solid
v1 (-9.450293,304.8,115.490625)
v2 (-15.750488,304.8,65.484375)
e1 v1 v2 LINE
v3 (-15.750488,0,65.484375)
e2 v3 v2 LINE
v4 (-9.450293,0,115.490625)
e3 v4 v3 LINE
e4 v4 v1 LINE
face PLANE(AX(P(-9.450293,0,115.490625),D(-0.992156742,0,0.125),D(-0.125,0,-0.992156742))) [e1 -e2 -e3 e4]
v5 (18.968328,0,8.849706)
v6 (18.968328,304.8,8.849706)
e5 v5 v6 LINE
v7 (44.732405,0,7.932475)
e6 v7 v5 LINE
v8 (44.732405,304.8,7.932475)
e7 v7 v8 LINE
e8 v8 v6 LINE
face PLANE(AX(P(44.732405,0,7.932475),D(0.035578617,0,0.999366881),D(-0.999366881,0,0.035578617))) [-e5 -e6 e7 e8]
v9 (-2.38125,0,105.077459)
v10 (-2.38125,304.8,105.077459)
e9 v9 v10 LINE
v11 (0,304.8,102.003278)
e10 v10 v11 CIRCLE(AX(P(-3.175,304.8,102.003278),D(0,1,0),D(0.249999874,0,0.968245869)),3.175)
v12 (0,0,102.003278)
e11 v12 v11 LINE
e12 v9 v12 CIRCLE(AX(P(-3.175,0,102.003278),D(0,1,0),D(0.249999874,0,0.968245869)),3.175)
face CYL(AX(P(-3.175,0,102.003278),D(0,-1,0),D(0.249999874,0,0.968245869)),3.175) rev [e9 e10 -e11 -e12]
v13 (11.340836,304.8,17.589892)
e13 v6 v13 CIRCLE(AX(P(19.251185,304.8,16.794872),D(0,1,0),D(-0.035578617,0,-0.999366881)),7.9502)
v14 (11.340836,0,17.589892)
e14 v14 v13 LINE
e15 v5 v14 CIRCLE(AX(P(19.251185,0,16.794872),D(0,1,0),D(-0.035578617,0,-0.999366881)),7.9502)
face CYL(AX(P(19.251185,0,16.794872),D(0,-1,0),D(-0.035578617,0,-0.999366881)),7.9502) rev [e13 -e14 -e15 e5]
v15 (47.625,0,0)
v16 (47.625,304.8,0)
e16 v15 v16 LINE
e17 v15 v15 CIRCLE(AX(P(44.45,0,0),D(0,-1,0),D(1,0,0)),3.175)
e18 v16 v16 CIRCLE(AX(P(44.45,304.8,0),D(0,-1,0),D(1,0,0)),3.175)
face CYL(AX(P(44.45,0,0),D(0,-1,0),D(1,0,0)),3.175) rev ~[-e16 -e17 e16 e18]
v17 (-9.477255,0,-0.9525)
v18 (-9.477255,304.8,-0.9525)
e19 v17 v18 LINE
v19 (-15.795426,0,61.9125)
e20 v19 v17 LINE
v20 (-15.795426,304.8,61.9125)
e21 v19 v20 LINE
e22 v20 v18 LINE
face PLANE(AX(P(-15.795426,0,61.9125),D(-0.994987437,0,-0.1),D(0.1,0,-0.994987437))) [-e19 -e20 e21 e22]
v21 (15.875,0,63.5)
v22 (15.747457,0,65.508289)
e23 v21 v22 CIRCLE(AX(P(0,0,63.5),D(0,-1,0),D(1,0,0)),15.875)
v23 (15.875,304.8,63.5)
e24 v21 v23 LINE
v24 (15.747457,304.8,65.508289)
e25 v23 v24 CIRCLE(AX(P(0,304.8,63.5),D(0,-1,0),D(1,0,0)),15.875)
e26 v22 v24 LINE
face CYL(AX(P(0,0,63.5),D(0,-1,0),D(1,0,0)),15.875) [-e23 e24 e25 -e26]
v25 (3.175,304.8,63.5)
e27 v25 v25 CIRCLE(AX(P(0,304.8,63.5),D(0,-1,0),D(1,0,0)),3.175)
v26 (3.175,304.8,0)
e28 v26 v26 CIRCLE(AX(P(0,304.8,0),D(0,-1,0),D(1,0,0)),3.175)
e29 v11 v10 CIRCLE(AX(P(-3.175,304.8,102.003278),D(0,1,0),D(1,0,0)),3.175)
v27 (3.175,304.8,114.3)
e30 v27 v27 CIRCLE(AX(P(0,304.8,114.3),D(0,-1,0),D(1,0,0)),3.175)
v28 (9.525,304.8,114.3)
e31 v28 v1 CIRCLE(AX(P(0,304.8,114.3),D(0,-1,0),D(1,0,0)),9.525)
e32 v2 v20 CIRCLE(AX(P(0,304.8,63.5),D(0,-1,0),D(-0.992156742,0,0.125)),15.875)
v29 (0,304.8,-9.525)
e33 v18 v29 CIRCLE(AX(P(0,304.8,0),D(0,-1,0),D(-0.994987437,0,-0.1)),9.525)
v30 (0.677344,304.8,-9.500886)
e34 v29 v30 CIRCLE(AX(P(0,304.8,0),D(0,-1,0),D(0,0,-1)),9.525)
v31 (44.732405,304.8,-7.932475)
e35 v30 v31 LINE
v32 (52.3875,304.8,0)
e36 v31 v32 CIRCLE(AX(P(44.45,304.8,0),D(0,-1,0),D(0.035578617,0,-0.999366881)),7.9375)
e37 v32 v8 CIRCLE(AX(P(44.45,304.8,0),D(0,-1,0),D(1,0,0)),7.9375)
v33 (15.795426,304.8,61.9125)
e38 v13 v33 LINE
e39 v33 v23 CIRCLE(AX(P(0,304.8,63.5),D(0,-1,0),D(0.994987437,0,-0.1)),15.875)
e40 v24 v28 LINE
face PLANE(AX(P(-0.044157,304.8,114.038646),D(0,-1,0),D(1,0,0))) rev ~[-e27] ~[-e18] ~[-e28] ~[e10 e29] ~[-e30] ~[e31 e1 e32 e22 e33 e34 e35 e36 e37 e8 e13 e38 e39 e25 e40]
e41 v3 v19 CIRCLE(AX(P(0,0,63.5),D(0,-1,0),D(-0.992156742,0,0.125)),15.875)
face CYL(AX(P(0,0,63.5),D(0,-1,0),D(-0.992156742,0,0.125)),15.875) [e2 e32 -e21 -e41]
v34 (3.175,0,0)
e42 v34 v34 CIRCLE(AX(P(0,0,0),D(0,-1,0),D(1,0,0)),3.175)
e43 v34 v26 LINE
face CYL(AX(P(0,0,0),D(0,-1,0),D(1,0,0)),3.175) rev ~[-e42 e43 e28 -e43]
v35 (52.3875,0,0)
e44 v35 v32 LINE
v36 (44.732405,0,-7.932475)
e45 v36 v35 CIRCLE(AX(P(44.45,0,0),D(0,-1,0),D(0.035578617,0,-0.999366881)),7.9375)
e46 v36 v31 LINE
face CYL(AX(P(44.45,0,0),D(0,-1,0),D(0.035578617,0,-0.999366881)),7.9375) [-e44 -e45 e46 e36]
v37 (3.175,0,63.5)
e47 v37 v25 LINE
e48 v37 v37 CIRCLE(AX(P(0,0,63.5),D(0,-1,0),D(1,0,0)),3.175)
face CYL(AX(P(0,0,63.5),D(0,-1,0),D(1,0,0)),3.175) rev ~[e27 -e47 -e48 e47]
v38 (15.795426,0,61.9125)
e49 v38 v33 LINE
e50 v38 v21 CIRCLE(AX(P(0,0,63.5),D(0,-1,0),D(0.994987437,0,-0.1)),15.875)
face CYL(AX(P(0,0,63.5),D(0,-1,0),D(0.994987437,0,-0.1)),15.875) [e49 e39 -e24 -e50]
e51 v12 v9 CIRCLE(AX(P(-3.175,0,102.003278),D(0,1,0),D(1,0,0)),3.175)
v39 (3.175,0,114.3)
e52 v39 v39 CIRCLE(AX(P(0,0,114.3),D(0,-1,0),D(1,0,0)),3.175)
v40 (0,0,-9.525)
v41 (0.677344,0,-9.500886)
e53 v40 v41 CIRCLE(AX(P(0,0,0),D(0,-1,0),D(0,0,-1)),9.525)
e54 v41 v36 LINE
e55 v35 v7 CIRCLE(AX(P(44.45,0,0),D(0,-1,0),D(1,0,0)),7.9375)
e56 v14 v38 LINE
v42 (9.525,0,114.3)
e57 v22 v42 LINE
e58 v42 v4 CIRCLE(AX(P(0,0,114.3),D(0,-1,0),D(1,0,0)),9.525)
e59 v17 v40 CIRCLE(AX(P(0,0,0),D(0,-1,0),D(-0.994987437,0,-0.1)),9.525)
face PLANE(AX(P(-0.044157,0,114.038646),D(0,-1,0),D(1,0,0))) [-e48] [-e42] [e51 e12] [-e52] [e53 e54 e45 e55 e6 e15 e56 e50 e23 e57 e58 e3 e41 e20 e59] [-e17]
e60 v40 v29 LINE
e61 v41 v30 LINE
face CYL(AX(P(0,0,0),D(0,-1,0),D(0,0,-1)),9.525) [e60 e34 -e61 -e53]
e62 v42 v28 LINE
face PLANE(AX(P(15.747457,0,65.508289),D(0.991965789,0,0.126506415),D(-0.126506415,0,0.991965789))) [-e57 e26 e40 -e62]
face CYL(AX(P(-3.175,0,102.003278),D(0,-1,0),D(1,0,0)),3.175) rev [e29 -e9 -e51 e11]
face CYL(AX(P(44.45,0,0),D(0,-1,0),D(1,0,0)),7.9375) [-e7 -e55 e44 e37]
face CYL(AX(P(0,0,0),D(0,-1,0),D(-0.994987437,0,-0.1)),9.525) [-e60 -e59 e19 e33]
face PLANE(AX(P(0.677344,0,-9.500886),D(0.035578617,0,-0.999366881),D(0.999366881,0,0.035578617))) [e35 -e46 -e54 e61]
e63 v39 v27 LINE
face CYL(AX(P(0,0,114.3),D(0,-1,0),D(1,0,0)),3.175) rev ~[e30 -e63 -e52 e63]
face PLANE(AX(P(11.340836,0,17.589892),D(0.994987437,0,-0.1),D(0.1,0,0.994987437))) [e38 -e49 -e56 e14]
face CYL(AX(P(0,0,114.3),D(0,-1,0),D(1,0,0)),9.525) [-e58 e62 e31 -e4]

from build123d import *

# Parameters (mm, degrees)
F0_R     = 3.175
F1_DEPTH = 304.8


with BuildPart() as f1:
    # F0 (on Front) → F1 (new body)
    with BuildSketch(Plane.XZ):
        with BuildLine():
            ThreePointArc((-2.3812504012, 105.0774585104), (5.8328472862, 106.7698261948), (9.525, 114.3))
            ThreePointArc((9.525, 114.3), (0.596483242, 123.8063048942), (-9.4502929642, 115.490625))
            ThreePointArc((-9.4502929642, 115.490625), (-7.8806639116, 108.9501624966), (-2.3812504012, 105.0774585104))
        make_face()
        with Locations((0, 114.3)):
            Circle(F0_R, mode=Mode.SUBTRACT)
        with BuildLine():
            Line((15.7474569047, 65.5082893304), (9.525, 114.3))
            ThreePointArc((9.525, 114.3), (5.8328472862, 106.7698261948), (-2.3812504012, 105.0774585104))
            ThreePointArc((-2.3812504012, 105.0774585104), (-7.8806639116, 108.9501624966), (-9.4502929642, 115.490625))
            Line((-9.4502929642, 115.490625), (-15.7504882737, 65.484375))
            ThreePointArc((-15.7504882737, 65.484375), (-0.0120528461, 79.3749954245), (15.7474569047, 65.5082893304))
        make_face()
        with BuildLine():
            ThreePointArc((0, 102.0032778758), (-5.6850577659, 100.0589952287), (-2.3812504012, 105.0774585104))
            ThreePointArc((-2.3812504012, 105.0774585104), (-0.6649422341, 103.9475605229), (0, 102.0032778758))
        make_face(mode=Mode.SUBTRACT)
        with BuildLine():
            ThreePointArc((15.875, 63.5), (15.8430821396, 64.5061676396), (15.7474569047, 65.5082893304))
            ThreePointArc((15.7474569047, 65.5082893304), (-0.0120528461, 79.3749954245), (-15.7504882737, 65.484375))
            ThreePointArc((-15.7504882737, 65.484375), (-15.8737438155, 63.6997054867), (-15.7954255641, 61.9125))
            ThreePointArc((-15.7954255641, 61.9125), (0, 47.625), (15.7954255641, 61.9125))
            ThreePointArc((15.7954255641, 61.9125), (15.8550939106, 62.7052534459), (15.875, 63.5))
        make_face()
        with Locations((0, 63.5)):
            Circle(F0_R, mode=Mode.SUBTRACT)
        with BuildLine():
            ThreePointArc((15.7954255641, 61.9125), (0, 47.625), (-15.7954255641, 61.9125))
            Line((-15.7954255641, 61.9125), (-9.4772553384, -0.9525))
            ThreePointArc((-9.4772553384, -0.9525), (-0.4768479324, 9.5130563464), (9.525, 0))
            ThreePointArc((9.525, 0), (6.9705567315, -6.4912990883), (0.6773435479, -9.500885786))
            Line((0.6773435479, -9.500885786), (44.7324052746, -7.9324746146))
            ThreePointArc((44.7324052746, -7.9324746146), (36.5125, 0), (44.7324052746, 7.9324746146))
            Line((44.7324052746, 7.9324746146), (18.968327868, 8.8497055806))
            ThreePointArc((18.968327868, 8.8497055806), (13.2612039825, 11.5674628959), (11.3408358685, 17.5898921545))
            Line((11.3408358685, 17.5898921545), (15.7954255641, 61.9125))
        make_face()
        with BuildLine():
            ThreePointArc((9.525, 0), (-0.4768479324, 9.5130563464), (-9.4772553384, -0.9525))
            ThreePointArc((-9.4772553384, -0.9525), (-6.3895642457, -7.063929059), (0, -9.525))
            Line((0, -9.525), (0.6773435479, -9.500885786))
            ThreePointArc((0.6773435479, -9.500885786), (6.9705567315, -6.4912990883), (9.525, 0))
        make_face()
        Circle(F0_R, mode=Mode.SUBTRACT)
        with BuildLine():
            Line((0.6773435479, -9.500885786), (0, -9.525))
            ThreePointArc((0, -9.525), (0.3388863295, -9.5189695375), (0.6773435479, -9.500885786))
        make_face()
        with BuildLine():
            ThreePointArc((52.3875, 0), (50.1616327839, 5.5119104847), (44.7324052746, 7.9324746146))
            ThreePointArc((44.7324052746, 7.9324746146), (36.5125, 0), (44.7324052746, -7.9324746146))
            ThreePointArc((44.7324052746, -7.9324746146), (50.1616327839, -5.5119104847), (52.3875, 0))
        make_face()
        with Locations((44.45, 0)):
            Circle(F0_R, mode=Mode.SUBTRACT)
    extrude(amount=-F1_DEPTH)


solid = f1.part
